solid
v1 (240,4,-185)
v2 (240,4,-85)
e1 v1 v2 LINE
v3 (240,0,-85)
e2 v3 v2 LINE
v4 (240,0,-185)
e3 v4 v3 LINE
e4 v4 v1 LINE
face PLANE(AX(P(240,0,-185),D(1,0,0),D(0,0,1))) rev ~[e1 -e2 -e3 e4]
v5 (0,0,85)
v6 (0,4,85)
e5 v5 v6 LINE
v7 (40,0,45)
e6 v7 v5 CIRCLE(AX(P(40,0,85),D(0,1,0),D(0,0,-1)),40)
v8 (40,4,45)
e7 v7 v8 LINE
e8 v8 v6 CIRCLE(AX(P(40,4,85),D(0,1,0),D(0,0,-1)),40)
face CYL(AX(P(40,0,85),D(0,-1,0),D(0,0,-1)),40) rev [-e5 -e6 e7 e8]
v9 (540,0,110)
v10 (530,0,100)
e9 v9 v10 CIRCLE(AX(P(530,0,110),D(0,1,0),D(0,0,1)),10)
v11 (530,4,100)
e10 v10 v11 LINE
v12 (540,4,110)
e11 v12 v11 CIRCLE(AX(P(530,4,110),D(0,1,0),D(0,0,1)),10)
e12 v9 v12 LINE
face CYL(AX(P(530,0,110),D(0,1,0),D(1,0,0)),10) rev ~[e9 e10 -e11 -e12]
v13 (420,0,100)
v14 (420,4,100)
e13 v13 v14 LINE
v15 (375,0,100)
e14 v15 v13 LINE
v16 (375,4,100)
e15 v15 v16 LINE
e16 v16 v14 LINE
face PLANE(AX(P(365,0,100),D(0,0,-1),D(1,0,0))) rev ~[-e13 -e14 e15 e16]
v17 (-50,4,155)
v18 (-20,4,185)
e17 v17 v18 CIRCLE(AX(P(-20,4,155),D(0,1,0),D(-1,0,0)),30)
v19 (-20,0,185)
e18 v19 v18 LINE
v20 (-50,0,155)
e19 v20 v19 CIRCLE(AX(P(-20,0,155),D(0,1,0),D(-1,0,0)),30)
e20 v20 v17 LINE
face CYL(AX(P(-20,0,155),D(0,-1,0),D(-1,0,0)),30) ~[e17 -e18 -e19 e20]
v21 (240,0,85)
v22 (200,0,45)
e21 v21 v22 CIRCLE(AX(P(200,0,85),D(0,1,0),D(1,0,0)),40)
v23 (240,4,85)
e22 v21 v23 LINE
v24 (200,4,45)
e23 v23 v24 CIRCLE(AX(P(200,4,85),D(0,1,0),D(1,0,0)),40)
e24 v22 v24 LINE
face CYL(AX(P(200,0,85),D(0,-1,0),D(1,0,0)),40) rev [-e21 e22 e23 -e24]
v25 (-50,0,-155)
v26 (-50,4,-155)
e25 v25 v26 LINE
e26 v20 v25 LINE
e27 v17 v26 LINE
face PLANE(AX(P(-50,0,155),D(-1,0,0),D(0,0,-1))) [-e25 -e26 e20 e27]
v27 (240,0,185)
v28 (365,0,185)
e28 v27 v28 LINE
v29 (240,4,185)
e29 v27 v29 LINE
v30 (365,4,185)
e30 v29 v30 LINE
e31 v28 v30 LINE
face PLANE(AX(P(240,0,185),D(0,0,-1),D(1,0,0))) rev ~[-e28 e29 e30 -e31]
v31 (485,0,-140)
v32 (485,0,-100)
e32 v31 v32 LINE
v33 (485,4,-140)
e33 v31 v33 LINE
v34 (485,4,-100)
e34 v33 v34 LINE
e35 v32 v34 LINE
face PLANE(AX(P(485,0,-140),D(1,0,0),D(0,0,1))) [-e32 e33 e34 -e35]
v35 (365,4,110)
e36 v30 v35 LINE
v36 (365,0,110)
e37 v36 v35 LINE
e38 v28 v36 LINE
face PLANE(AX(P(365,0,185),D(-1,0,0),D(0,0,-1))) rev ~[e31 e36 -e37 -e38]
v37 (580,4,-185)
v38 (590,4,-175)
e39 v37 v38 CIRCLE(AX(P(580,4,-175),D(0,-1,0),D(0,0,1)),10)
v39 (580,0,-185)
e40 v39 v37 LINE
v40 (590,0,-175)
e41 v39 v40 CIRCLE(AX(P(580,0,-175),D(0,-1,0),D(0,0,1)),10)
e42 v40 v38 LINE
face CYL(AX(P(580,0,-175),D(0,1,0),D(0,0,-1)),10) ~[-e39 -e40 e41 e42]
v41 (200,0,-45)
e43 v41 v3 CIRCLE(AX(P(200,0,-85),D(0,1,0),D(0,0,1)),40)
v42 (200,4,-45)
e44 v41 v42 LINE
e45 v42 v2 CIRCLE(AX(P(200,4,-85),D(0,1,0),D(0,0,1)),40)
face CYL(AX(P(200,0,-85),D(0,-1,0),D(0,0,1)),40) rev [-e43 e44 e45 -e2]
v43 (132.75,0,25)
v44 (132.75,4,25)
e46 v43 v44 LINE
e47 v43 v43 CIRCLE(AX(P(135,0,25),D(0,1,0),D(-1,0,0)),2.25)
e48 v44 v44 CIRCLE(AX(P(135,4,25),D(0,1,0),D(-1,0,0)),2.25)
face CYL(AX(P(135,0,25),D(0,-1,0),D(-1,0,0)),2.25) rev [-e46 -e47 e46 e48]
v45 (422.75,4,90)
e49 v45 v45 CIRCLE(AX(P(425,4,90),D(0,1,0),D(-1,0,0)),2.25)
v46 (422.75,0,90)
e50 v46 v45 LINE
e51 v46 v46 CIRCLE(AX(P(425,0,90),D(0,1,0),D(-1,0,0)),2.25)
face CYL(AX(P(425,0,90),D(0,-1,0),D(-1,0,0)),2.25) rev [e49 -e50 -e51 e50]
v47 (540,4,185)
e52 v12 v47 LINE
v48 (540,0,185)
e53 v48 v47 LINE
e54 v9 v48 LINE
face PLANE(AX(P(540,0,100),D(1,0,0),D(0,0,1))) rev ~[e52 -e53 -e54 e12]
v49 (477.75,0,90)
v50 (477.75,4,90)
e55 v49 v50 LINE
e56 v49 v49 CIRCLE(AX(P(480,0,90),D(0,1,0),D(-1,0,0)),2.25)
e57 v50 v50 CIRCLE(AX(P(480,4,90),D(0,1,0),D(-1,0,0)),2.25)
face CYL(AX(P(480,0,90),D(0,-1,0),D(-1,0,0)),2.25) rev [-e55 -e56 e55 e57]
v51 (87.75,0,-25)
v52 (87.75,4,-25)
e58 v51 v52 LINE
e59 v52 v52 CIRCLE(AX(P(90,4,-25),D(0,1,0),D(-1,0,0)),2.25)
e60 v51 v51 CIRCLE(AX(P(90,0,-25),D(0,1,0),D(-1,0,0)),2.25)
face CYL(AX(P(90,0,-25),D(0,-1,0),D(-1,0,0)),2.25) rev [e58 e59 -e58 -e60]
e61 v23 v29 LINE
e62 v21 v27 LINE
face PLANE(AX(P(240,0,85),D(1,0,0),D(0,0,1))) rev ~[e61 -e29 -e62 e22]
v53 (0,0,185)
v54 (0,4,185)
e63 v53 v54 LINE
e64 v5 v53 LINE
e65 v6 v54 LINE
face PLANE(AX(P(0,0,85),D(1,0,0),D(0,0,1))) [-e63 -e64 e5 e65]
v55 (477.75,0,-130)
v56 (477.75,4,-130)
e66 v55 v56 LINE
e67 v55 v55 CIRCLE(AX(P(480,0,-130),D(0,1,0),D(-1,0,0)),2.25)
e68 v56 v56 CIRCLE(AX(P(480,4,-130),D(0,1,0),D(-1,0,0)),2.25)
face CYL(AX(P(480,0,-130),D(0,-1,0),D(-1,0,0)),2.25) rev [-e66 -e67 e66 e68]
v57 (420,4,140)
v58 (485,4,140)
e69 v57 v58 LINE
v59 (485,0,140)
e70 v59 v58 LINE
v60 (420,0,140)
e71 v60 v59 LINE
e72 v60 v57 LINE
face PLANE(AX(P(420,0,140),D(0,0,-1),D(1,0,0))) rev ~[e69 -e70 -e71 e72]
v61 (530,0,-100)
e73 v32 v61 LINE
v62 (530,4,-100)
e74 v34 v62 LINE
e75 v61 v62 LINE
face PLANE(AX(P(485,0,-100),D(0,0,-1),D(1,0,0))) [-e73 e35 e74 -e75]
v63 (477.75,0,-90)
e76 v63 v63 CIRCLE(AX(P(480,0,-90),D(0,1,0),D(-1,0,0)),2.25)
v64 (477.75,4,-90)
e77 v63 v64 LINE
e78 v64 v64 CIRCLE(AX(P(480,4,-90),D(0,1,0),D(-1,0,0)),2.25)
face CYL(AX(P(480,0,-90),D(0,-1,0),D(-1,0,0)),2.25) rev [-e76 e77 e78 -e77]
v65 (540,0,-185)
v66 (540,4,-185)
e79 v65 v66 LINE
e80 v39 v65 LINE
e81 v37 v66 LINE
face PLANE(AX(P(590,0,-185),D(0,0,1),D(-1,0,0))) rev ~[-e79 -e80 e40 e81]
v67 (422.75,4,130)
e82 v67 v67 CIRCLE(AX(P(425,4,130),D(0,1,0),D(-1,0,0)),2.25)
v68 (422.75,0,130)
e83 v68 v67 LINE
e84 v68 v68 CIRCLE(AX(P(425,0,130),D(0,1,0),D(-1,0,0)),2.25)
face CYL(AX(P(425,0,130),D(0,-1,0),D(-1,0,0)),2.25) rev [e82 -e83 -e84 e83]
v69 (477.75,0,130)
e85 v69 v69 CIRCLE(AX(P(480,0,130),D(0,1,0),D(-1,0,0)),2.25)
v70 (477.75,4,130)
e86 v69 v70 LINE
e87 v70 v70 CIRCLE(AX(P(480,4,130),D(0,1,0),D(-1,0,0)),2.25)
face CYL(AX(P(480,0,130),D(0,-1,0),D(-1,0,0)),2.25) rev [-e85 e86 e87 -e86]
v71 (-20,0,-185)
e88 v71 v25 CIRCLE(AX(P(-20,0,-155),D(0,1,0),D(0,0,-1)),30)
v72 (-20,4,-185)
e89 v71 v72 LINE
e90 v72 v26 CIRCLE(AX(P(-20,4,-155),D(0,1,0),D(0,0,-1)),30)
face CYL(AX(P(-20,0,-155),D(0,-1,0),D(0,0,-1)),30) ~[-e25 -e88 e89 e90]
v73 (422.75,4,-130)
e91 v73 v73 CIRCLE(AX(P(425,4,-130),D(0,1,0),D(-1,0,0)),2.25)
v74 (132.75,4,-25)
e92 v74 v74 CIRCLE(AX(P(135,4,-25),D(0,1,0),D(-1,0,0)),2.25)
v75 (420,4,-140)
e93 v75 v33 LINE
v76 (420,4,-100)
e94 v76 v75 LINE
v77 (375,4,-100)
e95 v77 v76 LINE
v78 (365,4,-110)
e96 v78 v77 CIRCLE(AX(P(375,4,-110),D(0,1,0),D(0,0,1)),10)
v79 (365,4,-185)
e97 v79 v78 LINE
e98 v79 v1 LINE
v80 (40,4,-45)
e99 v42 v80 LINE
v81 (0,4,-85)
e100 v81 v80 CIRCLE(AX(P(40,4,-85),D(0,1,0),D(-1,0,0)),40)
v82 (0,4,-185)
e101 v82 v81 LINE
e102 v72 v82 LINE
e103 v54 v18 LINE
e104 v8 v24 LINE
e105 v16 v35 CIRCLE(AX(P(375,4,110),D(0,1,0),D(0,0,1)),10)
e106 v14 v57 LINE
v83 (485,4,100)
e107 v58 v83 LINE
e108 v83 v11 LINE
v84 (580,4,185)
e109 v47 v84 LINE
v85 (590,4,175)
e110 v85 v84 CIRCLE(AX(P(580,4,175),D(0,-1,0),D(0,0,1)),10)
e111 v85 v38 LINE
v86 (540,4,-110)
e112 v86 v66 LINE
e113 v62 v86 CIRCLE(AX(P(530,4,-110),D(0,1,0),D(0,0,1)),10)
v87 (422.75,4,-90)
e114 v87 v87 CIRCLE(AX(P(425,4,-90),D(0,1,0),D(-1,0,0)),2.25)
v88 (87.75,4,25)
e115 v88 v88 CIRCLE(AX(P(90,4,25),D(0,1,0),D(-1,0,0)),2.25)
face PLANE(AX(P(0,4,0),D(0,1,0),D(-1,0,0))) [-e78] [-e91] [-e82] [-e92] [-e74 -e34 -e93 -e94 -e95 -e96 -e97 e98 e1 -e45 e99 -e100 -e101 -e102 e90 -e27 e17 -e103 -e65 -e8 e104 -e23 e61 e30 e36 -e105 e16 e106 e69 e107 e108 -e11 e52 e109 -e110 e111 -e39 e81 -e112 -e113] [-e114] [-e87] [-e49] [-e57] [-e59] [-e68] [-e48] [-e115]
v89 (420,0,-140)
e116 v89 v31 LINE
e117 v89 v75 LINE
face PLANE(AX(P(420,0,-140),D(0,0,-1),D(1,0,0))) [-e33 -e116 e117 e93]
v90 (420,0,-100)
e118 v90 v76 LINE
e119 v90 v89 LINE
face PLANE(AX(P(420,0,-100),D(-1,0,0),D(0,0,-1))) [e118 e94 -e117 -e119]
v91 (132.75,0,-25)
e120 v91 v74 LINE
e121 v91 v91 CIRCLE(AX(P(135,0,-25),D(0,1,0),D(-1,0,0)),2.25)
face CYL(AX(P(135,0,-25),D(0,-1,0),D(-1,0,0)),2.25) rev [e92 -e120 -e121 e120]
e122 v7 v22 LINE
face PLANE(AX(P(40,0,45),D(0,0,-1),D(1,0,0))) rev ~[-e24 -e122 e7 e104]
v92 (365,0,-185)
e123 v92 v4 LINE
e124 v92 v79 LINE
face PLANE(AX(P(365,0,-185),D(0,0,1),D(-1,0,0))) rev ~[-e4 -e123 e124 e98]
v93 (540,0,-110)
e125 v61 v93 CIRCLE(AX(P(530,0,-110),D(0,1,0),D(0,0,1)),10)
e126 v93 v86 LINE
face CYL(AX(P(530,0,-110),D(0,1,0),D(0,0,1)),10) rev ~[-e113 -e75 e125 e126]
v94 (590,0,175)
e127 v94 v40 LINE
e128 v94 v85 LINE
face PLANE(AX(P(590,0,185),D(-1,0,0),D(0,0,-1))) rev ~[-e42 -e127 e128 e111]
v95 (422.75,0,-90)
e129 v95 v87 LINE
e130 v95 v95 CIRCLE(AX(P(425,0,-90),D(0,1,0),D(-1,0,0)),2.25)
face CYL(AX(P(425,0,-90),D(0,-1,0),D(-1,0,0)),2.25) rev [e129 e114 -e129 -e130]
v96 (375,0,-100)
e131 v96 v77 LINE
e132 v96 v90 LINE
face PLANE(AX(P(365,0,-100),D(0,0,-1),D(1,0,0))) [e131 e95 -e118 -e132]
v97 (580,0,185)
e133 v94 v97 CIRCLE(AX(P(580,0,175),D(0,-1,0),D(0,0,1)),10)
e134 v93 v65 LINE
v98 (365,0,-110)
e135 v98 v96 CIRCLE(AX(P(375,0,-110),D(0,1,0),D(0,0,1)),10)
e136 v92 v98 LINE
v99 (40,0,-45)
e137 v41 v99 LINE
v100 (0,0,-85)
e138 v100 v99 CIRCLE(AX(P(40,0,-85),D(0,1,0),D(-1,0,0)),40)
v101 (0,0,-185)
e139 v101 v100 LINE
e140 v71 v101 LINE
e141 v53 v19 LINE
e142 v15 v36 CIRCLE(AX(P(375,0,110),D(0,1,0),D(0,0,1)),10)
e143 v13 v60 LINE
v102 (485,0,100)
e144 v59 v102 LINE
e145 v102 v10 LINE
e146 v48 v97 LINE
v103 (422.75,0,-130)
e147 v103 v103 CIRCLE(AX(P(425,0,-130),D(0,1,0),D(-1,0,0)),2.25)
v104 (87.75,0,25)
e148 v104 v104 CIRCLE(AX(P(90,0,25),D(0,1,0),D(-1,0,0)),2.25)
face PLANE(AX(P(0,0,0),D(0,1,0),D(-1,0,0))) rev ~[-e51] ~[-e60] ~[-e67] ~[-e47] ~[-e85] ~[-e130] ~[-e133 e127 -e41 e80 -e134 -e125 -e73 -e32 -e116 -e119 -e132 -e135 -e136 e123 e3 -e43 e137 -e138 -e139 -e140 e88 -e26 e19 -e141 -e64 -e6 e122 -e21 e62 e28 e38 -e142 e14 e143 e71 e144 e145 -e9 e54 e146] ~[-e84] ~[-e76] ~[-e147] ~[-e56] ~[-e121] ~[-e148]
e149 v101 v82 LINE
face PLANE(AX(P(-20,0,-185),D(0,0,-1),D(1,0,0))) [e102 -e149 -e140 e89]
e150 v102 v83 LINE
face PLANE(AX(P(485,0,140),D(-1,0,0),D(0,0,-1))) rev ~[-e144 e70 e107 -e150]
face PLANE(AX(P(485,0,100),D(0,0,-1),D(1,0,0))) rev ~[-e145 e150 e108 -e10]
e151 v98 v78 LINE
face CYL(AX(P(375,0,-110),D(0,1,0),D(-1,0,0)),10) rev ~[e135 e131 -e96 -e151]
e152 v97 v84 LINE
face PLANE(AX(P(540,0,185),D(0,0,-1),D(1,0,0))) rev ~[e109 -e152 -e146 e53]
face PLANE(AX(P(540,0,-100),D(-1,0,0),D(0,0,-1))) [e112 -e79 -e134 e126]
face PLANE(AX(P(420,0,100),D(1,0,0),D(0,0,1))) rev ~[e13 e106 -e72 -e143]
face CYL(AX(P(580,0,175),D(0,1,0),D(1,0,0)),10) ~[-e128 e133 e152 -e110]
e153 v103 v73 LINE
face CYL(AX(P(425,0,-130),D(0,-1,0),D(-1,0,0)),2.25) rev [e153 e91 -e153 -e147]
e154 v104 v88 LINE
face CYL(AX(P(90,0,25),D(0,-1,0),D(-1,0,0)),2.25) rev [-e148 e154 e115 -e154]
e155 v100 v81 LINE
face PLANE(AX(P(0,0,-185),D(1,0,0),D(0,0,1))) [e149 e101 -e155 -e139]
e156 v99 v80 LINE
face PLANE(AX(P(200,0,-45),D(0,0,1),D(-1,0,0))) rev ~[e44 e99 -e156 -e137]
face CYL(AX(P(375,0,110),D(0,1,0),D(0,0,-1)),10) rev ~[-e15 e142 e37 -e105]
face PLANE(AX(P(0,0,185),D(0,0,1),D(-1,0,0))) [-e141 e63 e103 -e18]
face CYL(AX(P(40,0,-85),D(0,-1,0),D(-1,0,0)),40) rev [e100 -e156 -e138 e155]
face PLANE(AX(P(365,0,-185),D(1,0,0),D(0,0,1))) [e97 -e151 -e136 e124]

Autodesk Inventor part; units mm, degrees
ref_plane "YZ Plane" through (0, 0, 0) normal (1, 0, 0) x (0, 1, 0)
ref_plane "XZ Plane" through (0, 0, 0) normal (0, 1, 0) x (-1, 0, 0)
ref_plane "XY Plane" through (0, 0, 0) normal (0, 0, 1) x (1, 0, 0)
sketch "Эскиз1" plane through (0, 0, 0) normal (0, 1, 0) x (-1, 0, 0)
  line L0 (0, 0) -> (62.2951, 0) construction
  line L1 (-40, 45) -> (-200, 45)
  line L2 (-200, -45) -> (-40, -45)
  circle A0 centre (-90, 25) radius 2.25
  line L3 (-90, 25) -> (-135, 25) construction
  circle A1 centre (-135, 25) radius 2.25
  circle A2 centre (-90, -25) radius 2.25
  circle A3 centre (-135, -25) radius 2.25
  line L4 (0, 185) -> (20, 185)
  line L5 (50, 155) -> (50, -155)
  line L6 (20, -185) -> (0, -185)
  line L7 (0, 85) -> (0, 185)
  arc A4 (50, 155) -> (20, 185) centre (20, 155) ccw
  arc A5 (20, -185) -> (50, -155) centre (20, -155) ccw
  line L8 (-240, 185) -> (-365, 185)
  line L9 (-590, 185) -> (-590, -185)
  line L10 (-590, -185) -> (-540, -185)
  line L11 (-240, 85) -> (-240, 185)
  arc A6 (-40, 45) -> (0, 85) centre (-40, 85) ccw
  line L12 (0, -185) -> (0, -85)
  arc A7 (0, -85) -> (-40, -45) centre (-40, -85) ccw
  arc A8 (-240, 85) -> (-200, 45) centre (-200, 85) ccw
  line L13 (-240, -185) -> (-240, -85)
  arc A9 (-200, -45) -> (-240, -85) centre (-200, -85) ccw
  line L14 (-365, 185) -> (-365, 100)
  line L15 (-365, 100) -> (-420, 100)
  line L16 (-420, 100) -> (-420, 140)
  line L17 (-420, 140) -> (-485, 140)
  line L18 (-485, 140) -> (-485, 100)
  line L19 (-485, 100) -> (-540, 100)
  line L20 (-540, 100) -> (-540, 185)
  line L21 (-495.3156, 130) -> (-414.5161, 130) construction
  circle A10 centre (-480, 130) radius 2.25
  circle A11 centre (-425, 130) radius 2.25
  line L22 (-452.5, 140) -> (-452.5, 103.3214) construction
  circle A12 centre (-480, 90) radius 2.25
  circle A13 centre (-425, 90) radius 2.25
  line L23 (-540, 185) -> (-590, 185)
  line L24 (-365, 185) -> (-540, 185) construction
  line L25 (-365, -185) -> (-365, -100)
  line L26 (-365, -100) -> (-420, -100)
  line L27 (-420, -100) -> (-420, -140)
  line L28 (-420, -140) -> (-485, -140)
  line L29 (-485, -140) -> (-485, -100)
  line L30 (-485, -100) -> (-540, -100)
  line L31 (-540, -100) -> (-540, -185)
  circle A14 centre (-480, -130) radius 2.25
  circle A15 centre (-425, -130) radius 2.25
  circle A16 centre (-480, -90) radius 2.25
  circle A17 centre (-425, -90) radius 2.25
  line L32 (-540, -185) -> (-365, -185) construction
  line L33 (-365, -185) -> (-240, -185)
  point P0 (50, 185)
  dimension "d10" = 4.5
  dimension "d11" = 45
  dimension "d12" = 25
  dimension "d13" = 90
  dimension "d14" = 50
  dimension "d15" = 370
  dimension "d16" = 30
  dimension "d20" = 350
  dimension "d21" = 40
  dimension "d22" = 40
  dimension "d23" = 90
  dimension "d24" = 40
  dimension "d25" = 40
  dimension "d26" = 240
  dimension "d27" = 50
  dimension "d28" = 55
  dimension "d29" = 45
  dimension "d30" = 65
  dimension "d31" = 55
  dimension "d32" = 85
  dimension "d33" = 4.5
  dimension "d34" = 55
  dimension "d35" = 10
  dimension "d38" = 40
extrude "Выдавливание3" add sketch "Эскиз1" along normal blind 4
fillet "Сопряжение1" radius 10 4 edges at (365, 2, 100) (540, 2, 100) (540, 2, -100) (365, 2, -100)
fillet "Сопряжение2" radius 10 2 edges at (590, 2, -185) (590, 2, 185)
equation "\"d22\" = d21"
equation "\"d24\" = d21"
equation "\"d25\" = d21"
properties part number "00-01-Платформа"
